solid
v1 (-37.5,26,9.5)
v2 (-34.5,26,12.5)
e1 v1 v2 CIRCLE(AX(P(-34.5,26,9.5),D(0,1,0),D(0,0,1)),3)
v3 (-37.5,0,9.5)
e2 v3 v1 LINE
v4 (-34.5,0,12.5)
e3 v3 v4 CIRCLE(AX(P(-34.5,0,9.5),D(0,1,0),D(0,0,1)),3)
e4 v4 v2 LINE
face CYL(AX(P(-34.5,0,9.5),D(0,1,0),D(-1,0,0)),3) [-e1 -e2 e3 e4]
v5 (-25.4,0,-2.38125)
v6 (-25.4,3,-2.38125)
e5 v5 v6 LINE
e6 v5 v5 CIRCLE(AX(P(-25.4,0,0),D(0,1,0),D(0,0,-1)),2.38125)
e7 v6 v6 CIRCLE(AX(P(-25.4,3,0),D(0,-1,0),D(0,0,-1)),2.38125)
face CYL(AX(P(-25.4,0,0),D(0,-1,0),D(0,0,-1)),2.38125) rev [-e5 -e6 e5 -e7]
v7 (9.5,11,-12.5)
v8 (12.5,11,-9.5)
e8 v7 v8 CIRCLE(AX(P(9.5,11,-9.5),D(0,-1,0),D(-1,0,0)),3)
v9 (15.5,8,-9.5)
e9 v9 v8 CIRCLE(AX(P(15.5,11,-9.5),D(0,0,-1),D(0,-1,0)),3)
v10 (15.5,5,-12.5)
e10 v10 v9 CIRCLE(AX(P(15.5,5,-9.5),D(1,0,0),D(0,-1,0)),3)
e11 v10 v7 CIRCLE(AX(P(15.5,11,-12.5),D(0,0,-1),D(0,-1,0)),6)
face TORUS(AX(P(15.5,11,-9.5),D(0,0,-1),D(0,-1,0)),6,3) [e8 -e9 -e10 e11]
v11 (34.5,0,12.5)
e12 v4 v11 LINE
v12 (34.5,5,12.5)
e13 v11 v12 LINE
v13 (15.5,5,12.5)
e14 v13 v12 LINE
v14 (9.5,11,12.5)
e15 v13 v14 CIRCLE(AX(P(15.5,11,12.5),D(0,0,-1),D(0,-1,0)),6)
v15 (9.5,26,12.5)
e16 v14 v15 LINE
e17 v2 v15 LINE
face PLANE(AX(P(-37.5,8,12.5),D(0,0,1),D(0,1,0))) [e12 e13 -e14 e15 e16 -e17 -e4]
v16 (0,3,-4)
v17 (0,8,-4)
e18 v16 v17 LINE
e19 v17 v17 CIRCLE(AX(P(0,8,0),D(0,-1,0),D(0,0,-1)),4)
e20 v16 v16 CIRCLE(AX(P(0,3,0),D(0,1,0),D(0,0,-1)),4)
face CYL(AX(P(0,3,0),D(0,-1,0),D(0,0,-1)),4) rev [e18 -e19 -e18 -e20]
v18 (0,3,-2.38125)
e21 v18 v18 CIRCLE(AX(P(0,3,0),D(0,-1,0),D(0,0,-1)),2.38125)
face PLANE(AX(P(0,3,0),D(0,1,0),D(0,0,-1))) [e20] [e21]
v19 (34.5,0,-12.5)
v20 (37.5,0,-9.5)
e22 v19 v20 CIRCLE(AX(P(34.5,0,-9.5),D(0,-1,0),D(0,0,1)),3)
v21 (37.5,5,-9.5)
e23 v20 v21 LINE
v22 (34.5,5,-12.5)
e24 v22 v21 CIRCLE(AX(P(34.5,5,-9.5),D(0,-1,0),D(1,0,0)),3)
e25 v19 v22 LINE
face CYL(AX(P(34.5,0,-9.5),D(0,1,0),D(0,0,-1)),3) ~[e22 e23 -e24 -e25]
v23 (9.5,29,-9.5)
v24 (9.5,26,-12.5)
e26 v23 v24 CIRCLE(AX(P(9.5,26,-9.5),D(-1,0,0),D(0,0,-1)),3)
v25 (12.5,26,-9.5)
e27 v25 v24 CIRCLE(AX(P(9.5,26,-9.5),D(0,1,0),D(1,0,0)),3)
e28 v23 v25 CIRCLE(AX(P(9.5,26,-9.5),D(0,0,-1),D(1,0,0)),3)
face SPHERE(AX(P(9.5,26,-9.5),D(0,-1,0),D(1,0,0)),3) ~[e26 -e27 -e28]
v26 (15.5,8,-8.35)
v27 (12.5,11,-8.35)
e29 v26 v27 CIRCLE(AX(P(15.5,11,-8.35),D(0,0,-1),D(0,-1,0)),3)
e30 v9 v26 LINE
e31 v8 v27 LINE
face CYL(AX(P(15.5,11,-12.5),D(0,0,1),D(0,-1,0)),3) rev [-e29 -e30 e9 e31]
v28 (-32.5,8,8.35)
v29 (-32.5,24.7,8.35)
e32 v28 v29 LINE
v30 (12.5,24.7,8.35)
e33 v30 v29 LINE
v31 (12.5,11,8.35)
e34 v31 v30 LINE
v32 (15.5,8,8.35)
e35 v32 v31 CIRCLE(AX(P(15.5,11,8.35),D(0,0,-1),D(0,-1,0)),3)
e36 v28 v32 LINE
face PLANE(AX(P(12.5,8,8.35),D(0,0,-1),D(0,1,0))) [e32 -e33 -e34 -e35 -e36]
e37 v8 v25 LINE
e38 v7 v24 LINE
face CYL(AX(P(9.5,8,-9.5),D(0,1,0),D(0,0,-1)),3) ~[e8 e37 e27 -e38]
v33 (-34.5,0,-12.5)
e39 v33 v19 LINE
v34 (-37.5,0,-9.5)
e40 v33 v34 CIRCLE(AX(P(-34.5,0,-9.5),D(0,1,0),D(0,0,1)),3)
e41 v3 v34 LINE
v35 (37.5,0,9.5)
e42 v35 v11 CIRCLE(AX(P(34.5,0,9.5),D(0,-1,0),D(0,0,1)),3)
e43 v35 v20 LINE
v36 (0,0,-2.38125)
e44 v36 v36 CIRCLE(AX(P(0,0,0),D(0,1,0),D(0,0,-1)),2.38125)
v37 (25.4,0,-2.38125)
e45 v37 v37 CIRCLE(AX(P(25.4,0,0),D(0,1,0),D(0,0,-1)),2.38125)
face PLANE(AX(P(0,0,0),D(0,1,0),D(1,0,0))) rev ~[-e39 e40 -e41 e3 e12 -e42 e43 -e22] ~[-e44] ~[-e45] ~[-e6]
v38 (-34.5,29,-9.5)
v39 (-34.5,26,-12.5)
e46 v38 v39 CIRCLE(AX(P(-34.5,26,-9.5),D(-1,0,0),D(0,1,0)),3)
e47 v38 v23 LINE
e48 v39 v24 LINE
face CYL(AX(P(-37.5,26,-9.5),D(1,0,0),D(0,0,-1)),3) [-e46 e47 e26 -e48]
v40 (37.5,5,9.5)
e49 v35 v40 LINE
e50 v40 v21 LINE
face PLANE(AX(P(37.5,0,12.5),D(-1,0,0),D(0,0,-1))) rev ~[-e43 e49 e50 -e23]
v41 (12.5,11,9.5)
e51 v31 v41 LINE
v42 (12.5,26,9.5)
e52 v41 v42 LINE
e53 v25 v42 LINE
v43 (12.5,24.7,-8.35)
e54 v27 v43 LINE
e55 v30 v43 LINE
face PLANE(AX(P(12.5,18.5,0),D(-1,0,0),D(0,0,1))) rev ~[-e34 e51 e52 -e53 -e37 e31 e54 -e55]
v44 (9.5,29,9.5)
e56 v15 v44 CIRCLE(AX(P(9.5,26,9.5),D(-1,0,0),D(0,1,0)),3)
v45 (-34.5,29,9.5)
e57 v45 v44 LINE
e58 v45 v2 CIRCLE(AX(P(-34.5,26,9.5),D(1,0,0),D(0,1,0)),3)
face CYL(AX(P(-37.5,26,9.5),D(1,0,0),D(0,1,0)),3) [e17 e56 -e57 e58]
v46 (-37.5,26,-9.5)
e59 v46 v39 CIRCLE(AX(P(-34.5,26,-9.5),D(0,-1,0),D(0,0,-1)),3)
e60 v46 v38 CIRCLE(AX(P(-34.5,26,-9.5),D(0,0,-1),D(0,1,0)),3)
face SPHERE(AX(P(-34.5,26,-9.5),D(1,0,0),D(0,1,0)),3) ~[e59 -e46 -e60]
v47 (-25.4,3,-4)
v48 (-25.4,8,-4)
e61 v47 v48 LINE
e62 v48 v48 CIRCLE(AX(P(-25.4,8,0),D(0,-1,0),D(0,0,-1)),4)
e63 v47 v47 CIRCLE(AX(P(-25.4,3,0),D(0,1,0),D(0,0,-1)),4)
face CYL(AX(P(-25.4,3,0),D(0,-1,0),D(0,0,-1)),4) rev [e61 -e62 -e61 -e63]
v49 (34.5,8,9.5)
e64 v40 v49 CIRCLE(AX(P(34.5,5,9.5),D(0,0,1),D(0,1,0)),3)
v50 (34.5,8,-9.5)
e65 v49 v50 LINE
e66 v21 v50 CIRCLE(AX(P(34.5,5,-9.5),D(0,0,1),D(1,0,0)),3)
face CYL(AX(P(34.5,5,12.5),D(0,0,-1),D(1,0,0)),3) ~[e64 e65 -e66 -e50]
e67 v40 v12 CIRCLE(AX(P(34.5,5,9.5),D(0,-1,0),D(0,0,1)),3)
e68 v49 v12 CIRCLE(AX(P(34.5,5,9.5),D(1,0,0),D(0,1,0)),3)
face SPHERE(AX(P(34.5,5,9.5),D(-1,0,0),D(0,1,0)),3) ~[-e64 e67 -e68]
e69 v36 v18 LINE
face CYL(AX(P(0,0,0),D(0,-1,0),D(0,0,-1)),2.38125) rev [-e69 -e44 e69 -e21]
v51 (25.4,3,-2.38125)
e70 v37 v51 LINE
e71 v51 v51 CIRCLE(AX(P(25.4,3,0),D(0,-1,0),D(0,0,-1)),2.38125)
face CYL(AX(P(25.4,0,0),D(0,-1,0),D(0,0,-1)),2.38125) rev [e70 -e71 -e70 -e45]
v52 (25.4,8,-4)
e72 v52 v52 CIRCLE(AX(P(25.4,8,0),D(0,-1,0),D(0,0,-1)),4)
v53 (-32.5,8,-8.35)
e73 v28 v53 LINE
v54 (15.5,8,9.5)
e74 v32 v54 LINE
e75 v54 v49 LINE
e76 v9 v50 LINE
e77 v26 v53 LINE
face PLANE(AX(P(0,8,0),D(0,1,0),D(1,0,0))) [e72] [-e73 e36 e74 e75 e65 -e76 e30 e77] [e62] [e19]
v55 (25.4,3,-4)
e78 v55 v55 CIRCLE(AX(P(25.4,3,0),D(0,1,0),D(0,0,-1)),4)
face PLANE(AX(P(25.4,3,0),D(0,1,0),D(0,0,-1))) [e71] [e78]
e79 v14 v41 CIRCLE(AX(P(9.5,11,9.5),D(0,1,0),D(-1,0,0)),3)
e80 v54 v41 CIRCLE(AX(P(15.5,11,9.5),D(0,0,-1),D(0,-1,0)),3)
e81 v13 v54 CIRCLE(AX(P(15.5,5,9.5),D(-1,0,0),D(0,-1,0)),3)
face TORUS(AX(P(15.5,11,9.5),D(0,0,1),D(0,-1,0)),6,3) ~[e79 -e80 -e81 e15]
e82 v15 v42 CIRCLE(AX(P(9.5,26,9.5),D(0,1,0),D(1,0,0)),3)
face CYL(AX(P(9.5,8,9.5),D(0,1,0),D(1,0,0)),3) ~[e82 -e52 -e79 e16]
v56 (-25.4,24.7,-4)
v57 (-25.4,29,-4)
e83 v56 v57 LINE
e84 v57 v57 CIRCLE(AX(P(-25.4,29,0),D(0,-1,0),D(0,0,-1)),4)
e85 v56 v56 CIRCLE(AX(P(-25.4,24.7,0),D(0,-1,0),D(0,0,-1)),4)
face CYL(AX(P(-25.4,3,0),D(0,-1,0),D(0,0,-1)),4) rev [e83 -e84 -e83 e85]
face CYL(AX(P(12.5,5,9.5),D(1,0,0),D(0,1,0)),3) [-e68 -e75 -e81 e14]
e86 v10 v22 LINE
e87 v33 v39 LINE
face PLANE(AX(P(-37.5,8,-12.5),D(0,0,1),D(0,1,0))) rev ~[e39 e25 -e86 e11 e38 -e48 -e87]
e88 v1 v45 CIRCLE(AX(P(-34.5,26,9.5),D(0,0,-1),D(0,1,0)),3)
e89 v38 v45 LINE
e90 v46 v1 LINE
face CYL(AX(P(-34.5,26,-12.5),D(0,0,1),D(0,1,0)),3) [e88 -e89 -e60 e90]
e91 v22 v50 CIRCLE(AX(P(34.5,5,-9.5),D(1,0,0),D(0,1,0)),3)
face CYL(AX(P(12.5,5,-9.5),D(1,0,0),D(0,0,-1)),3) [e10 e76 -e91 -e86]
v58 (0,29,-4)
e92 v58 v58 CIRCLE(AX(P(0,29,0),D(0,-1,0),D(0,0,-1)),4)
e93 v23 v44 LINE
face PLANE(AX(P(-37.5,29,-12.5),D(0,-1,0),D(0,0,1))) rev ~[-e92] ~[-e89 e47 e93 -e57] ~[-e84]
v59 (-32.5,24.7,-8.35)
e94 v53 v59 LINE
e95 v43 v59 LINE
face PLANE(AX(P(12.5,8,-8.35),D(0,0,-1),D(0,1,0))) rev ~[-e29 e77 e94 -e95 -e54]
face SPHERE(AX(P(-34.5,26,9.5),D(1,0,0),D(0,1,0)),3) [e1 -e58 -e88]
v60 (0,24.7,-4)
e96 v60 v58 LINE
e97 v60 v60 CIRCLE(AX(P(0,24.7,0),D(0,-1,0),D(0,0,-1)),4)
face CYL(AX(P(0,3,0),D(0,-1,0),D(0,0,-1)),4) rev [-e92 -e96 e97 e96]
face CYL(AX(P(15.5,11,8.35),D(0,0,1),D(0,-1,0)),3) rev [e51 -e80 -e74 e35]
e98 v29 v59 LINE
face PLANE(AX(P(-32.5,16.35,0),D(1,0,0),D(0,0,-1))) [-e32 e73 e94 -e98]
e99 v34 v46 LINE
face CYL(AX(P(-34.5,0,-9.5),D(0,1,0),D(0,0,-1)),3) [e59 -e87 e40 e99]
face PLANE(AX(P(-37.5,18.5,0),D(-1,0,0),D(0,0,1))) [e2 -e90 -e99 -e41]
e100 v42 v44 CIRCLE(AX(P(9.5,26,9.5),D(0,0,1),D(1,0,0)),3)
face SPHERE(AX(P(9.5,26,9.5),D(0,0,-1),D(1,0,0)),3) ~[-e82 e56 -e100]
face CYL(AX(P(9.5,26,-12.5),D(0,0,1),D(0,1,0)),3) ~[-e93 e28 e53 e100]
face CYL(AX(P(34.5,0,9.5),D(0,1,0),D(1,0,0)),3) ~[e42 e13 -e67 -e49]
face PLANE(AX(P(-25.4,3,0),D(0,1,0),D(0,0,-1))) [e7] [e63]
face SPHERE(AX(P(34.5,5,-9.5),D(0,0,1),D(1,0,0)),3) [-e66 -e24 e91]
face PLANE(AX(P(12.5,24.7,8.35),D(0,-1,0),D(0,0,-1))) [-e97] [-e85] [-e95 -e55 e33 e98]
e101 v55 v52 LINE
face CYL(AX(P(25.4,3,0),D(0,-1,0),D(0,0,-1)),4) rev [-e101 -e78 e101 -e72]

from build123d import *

# Parameters (mm, degrees)
SKETCH1_W               = 75
SKETCH1_H               = 25
BOSS_EXTRUDE1_DEPTH     = 8
SKETCH5_W               = 25
SKETCH5_H               = 21
BOSS_EXTRUDE2_DEPTH     = 50
SKETCH7_W               = 16.7
SKETCH7_H               = 16.7
CUT_EXTRUDE3_DEPTH      = 45
SKETCH4_R               = 2.38125
CUT_EXTRUDE2_DEPTH      = 50.025503567
CUT_EXTRUDE1_DEPTH      = 45.760473635
CUT_EXTRUDE1_DEPTH_BACK = 5
SKETCH3_R               = 4
FILLET1_R               = 3


with BuildPart() as part:
    # Sketch1 → Boss-Extrude1 (new body)
    with BuildSketch(Plane(origin=(0, 0, 0), x_dir=(1, 0, 0), z_dir=(0, 1, 0))):
        Rectangle(SKETCH1_W, SKETCH1_H)
    extrude(amount=BOSS_EXTRUDE1_DEPTH)

    # Sketch5 → Boss-Extrude2 (add)
    with BuildSketch(Plane.ZY.offset(37.5)):
        with Locations((0, 18.5)):
            Rectangle(SKETCH5_W, SKETCH5_H)
    extrude(amount=-BOSS_EXTRUDE2_DEPTH)

    # Sketch7 → Cut-Extrude3 (cut)
    with BuildSketch(Plane(origin=(12.5, 0, 0), x_dir=(0, 0, -1), z_dir=(1, 0, 0))):
        with Locations((0, 16.35)):
            Rectangle(SKETCH7_W, SKETCH7_H)
    extrude(amount=-CUT_EXTRUDE3_DEPTH, mode=Mode.SUBTRACT)

    # Sketch4 → Cut-Extrude2 (cut, through all)
    with BuildSketch(Plane(origin=(0, 0, 0), x_dir=(1, 0, 0), z_dir=(0, 1, 0))):
        with Locations(Location((0, 0, 0), (0, 0, 90))):
            Circle(SKETCH4_R)
        with Locations(Location((25.4, 0, 0), (0, 0, 90))):
            Circle(SKETCH4_R)
        with Locations(Location((-25.4, 0, 0), (0, 0, 90))):
            Circle(SKETCH4_R)
    extrude(amount=CUT_EXTRUDE2_DEPTH, mode=Mode.SUBTRACT)

    # Sketch3 → Cut-Extrude1 (cut, two sides: drawn at the far end of the back side and taken through both)
    with BuildSketch(Plane(origin=(0, 8, 0), x_dir=(1, 0, 0), z_dir=(0, 1, 0)).offset(-CUT_EXTRUDE1_DEPTH_BACK)):
        with Locations(Location((0, 0, 0), (0, 0, 90))):
            Circle(SKETCH3_R)
        with Locations(Location((25.4, 0, 0), (0, 0, 90))):
            Circle(SKETCH3_R)
        with Locations(Location((-25.4, 0, 0), (0, 0, 90))):
            Circle(SKETCH3_R)
    extrude(amount=CUT_EXTRUDE1_DEPTH + CUT_EXTRUDE1_DEPTH_BACK, mode=Mode.SUBTRACT)

    # Fillet1
    fillet1_edges = [part.edges().sort_by_distance(p)[0] for p in [
        (25, 8, 12.5),
        (12.5, 18.5, -12.5),
        (12.5, 29, 0),
        (-12.5, 29, -12.5),
        (12.5, 18.5, 12.5),
        (-12.5, 29, 12.5),
        (12.5, 8, -10.425),
        (-37.5, 29, 0),
        (12.5, 8, 10.425),
        (37.5, 8, 0),
        (37.5, 4, 12.5),
        (-37.5, 14.5, 12.5),
        (-37.5, 14.5, -12.5),
        (37.5, 4, -12.5),
        (25, 8, -12.5),
    ]]
    fillet(fillet1_edges, radius=FILLET1_R)


solid = part.part
